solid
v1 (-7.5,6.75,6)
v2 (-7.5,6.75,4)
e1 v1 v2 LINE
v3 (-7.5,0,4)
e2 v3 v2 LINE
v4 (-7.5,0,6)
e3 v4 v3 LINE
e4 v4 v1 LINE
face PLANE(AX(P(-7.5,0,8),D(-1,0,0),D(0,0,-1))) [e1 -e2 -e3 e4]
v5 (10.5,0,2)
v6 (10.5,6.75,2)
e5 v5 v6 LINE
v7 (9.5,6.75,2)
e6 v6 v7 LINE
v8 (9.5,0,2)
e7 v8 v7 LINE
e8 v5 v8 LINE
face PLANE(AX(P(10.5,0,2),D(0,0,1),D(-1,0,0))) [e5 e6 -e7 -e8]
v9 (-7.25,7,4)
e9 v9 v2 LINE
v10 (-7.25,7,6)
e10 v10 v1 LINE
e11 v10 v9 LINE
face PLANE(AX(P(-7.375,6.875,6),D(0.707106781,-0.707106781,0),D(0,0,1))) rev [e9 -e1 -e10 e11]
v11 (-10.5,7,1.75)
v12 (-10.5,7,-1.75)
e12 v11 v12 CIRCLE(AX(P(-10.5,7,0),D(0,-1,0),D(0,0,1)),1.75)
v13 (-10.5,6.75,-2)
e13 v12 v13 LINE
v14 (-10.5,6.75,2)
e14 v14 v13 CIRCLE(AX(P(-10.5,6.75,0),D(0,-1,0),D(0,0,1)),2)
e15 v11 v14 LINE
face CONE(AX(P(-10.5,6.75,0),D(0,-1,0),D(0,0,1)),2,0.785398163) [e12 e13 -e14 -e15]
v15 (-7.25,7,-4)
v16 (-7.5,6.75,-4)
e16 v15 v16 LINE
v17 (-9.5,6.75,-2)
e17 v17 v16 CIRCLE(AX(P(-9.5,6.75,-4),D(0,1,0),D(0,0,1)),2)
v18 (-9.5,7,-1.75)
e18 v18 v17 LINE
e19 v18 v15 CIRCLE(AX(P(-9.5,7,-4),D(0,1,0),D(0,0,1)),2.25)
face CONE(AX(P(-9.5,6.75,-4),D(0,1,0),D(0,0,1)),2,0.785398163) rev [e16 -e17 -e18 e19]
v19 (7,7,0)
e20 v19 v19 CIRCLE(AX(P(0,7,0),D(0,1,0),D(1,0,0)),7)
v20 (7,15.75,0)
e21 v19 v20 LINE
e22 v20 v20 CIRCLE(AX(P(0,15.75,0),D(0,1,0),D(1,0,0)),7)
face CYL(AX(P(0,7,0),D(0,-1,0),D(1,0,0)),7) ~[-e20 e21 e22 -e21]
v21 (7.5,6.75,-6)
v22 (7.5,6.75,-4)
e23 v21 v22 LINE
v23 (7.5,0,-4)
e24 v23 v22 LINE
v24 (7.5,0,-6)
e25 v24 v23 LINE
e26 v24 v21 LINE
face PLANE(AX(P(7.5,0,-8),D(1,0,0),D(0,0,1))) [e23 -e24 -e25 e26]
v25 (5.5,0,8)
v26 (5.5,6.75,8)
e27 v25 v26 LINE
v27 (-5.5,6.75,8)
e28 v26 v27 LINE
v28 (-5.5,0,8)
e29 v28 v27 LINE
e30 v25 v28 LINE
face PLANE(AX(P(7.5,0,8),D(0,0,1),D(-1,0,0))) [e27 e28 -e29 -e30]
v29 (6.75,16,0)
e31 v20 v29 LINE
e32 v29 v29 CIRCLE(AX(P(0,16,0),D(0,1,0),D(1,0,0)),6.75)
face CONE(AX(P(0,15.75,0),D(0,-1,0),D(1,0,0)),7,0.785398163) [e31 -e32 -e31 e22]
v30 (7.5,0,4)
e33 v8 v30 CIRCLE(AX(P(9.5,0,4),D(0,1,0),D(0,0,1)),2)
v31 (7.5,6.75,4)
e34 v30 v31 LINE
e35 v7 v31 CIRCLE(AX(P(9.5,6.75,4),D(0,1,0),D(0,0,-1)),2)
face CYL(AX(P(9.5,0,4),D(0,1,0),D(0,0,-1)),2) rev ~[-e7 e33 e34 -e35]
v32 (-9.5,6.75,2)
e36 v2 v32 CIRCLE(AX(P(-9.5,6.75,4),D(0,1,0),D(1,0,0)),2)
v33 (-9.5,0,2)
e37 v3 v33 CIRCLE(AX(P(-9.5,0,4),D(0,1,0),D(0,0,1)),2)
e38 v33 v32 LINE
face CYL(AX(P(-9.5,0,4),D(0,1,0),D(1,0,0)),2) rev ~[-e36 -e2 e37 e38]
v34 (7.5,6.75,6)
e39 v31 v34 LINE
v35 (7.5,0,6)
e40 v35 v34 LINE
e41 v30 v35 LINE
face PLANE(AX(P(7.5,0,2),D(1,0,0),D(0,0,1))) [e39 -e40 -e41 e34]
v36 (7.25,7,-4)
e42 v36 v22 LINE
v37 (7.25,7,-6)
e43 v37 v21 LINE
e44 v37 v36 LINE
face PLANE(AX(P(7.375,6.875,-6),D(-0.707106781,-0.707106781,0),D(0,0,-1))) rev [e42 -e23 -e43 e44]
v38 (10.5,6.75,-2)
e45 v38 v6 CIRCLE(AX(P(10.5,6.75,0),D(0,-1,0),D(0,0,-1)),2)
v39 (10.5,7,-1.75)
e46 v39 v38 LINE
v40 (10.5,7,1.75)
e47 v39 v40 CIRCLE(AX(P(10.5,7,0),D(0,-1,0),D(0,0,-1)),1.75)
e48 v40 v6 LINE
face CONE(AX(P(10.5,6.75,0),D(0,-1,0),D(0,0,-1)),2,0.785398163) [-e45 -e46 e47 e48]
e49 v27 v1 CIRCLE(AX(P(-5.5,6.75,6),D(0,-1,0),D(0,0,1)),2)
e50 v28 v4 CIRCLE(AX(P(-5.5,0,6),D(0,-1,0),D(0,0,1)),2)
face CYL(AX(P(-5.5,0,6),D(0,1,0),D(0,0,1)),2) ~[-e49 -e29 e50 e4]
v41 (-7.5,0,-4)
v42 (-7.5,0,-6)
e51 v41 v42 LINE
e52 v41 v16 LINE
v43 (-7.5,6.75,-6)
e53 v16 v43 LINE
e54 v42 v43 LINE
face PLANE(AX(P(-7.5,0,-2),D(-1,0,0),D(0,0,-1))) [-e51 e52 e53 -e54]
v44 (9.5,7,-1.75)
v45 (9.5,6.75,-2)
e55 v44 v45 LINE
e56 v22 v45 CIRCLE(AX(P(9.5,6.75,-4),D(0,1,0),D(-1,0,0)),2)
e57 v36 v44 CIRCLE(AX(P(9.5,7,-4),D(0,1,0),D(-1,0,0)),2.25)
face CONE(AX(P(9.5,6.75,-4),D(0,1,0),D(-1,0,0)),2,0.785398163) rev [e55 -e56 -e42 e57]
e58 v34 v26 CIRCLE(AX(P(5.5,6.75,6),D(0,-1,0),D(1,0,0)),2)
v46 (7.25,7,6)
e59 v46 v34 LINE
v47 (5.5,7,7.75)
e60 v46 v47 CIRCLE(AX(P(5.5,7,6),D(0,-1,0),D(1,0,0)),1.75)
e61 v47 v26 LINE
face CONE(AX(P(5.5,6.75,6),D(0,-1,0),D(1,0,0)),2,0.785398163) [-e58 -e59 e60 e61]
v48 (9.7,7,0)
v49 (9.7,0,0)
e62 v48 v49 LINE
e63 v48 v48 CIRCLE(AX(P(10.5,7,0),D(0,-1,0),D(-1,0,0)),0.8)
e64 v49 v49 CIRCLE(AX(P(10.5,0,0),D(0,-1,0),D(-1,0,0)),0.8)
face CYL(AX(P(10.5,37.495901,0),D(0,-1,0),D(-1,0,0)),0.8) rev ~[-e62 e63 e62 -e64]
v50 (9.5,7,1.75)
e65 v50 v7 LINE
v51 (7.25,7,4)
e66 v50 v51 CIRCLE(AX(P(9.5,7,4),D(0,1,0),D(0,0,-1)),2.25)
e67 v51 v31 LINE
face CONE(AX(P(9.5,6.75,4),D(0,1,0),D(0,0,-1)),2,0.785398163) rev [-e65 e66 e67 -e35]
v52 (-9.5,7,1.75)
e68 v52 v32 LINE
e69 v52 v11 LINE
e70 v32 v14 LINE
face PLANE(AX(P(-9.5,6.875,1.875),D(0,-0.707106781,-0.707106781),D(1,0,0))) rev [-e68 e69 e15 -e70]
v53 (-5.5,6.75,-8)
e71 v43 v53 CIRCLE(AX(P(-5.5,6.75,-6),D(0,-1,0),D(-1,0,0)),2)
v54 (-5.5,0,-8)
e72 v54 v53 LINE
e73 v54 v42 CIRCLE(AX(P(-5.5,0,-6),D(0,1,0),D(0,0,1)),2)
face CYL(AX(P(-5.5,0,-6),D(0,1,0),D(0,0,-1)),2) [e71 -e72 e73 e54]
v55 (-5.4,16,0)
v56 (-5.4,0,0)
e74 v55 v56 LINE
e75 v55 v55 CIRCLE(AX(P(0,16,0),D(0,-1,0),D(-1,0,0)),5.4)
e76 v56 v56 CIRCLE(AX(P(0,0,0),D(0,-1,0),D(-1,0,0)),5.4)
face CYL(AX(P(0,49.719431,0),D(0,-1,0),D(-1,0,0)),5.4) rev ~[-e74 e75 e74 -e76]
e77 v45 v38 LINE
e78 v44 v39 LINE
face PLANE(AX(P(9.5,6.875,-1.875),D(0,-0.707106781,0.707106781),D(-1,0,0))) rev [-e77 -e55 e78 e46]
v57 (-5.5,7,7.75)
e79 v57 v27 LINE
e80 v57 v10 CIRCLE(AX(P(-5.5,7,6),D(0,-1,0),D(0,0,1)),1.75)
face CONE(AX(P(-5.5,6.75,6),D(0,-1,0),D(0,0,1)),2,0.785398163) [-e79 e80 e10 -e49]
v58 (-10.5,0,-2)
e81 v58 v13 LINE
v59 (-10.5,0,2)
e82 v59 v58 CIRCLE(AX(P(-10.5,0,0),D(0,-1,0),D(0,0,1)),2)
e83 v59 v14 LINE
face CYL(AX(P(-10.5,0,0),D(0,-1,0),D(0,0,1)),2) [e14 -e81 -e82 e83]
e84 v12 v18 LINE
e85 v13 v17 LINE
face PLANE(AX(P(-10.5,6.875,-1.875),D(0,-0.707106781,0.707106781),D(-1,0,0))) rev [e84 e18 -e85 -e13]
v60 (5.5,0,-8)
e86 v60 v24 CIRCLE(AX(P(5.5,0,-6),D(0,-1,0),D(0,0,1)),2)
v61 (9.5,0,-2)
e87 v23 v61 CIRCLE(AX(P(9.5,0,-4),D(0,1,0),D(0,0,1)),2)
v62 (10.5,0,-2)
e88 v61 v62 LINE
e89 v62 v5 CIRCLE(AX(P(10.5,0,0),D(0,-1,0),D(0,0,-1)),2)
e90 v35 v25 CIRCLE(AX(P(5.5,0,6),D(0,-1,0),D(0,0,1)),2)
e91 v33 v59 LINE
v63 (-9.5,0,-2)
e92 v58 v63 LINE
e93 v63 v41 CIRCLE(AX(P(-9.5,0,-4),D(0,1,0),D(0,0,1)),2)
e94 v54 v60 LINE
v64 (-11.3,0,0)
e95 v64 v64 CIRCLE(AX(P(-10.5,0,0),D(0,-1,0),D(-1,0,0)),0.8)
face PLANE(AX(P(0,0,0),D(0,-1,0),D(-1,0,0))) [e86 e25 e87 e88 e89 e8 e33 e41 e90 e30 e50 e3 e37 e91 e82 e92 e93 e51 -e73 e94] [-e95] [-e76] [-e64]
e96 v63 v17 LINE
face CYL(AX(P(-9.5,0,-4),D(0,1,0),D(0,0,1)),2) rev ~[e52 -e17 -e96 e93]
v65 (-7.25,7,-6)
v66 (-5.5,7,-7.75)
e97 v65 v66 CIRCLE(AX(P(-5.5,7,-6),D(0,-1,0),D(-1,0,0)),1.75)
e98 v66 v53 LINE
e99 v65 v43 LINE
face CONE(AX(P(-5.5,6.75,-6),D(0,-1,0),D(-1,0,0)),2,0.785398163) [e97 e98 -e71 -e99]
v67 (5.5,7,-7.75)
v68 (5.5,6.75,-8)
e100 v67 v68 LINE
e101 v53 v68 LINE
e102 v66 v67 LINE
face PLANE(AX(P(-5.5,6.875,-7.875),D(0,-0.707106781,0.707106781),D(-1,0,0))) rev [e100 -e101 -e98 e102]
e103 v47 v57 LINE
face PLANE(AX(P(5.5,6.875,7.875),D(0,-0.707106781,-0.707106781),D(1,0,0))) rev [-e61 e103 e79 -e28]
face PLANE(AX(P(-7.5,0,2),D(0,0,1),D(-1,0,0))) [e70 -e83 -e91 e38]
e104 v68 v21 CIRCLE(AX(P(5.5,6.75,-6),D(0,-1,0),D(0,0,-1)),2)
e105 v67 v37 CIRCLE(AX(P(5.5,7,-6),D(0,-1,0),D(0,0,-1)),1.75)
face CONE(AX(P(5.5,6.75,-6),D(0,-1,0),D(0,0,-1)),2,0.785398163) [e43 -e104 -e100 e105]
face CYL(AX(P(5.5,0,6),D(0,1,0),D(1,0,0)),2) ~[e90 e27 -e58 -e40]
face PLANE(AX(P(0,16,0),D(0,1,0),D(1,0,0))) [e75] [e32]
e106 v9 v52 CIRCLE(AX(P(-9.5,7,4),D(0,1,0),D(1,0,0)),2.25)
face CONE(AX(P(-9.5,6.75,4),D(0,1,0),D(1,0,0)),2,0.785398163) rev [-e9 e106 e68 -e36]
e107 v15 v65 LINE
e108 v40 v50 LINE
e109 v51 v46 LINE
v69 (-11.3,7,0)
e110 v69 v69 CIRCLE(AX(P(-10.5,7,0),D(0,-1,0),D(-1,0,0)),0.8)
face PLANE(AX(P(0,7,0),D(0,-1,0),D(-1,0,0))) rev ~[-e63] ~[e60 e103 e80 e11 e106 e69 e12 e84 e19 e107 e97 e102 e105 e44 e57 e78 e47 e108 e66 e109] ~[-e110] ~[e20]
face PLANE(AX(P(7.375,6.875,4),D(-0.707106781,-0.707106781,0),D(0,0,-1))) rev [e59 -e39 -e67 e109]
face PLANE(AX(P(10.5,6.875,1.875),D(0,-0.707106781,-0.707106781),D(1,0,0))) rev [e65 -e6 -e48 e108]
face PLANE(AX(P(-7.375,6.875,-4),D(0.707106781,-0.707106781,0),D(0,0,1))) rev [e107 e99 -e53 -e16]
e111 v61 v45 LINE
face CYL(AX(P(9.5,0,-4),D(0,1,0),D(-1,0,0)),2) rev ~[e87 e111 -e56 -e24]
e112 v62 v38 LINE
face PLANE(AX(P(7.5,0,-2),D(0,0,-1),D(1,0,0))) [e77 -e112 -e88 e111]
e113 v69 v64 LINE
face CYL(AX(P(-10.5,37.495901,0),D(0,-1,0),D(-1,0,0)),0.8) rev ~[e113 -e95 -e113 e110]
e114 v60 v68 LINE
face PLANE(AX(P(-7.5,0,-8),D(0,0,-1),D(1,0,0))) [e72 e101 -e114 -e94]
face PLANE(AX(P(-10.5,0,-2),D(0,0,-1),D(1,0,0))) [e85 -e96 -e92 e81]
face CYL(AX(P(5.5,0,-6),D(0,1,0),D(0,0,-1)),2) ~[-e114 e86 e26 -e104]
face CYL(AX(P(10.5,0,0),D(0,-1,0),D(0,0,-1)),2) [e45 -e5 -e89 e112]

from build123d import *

# Parameters (mm, degrees)
BOSS_EXTRUDE1_DEPTH     = 7
FILLET1_R               = 2
M2X0_4_TAPPED_HOLE1_D   = 1.6
CHAMFER1_SIZE           = 0.25
SKETCH4_R               = 7
BOSS_EXTRUDE2_DEPTH     = 9
CHAMFER2_SIZE           = 0.25
M12X1_25_TAPPED_HOLE1_D = 10.8


with BuildPart() as part:
    # Sketch1 → Boss-Extrude1 (new body)
    with BuildSketch(Plane(origin=(0, 0, 0), x_dir=(1, 0, 0), z_dir=(0, 1, 0))):
        with BuildLine():
            Line((-7.5, 8), (7.5, 8))
            Line((7.5, 8), (7.5, 2))
            Line((7.5, 2), (10.5, 2))
            ThreePointArc((10.5, 2), (12.5, 0), (10.5, -2))
            Line((10.5, -2), (7.5, -2))
            Line((7.5, -2), (7.5, -8))
            Line((7.5, -8), (-7.5, -8))
            Line((-7.5, -8), (-7.5, -2))
            Line((-7.5, -2), (-10.5, -2))
            ThreePointArc((-10.5, -2), (-12.5, 0), (-10.5, 2))
            Line((-10.5, 2), (-7.5, 2))
            Line((-7.5, 2), (-7.5, 8))
        make_face()
    extrude(amount=BOSS_EXTRUDE1_DEPTH)

    # Fillet1
    fillet1_edges = [part.edges().sort_by_distance(p)[0] for p in [
        (7.5, 3.5, 8),
        (-7.5, 3.5, 8),
        (-7.5, 3.5, 2),
        (-7.5, 3.5, -2),
        (-7.5, 3.5, -8),
        (7.5, 3.5, -8),
        (7.5, 3.5, -2),
        (7.5, 3.5, 2),
    ]]
    fillet(fillet1_edges, radius=FILLET1_R)

    # M2x0.4 Tapped Hole1 (through all)
    with Locations(Plane(origin=(0, 7, 0), x_dir=(1, 0, 0), z_dir=(0, 1, 0))):
        with Locations((10.5, 0), (-10.5, 0)):
            Hole(M2X0_4_TAPPED_HOLE1_D / 2)

    # Chamfer1
    chamfer1_edges = [part.edges().sort_by_distance(p)[0] for p in [
        (12.5, 7, 0),
        (10, 7, -2),
        (-12.5, 7, 0),
        (-10, 7, 2),
        (7.5, 7, -5),
        (0, 7, -8),
        (7.5, 7, 5),
        (10, 7, 2),
        (-7.5, 7, -5),
        (-10, 7, -2),
        (-7.5, 7, 5),
        (0, 7, 8),
        (6.914213562, 7, 7.414213562),
        (-6.914213562, 7, 7.414213562),
        (-6.914213562, 7, -7.414213562),
        (6.914213562, 7, -7.414213562),
        (8.085786438, 7, -2.585786438),
        (-8.085786438, 7, -2.585786438),
        (-8.085786438, 7, 2.585786438),
        (8.085786438, 7, 2.585786438),
    ]]
    chamfer(chamfer1_edges, length=CHAMFER1_SIZE)

    # Sketch4 → Boss-Extrude2 (add)
    with BuildSketch(Plane(origin=(0, 7, 0), x_dir=(1, 0, 0), z_dir=(0, 1, 0))):
        Circle(SKETCH4_R)
    extrude(amount=BOSS_EXTRUDE2_DEPTH)

    # Chamfer2
    chamfer2_edges = [part.edges().sort_by_distance(p)[0] for p in [
        (-7, 16, 0),
    ]]
    chamfer(chamfer2_edges, length=CHAMFER2_SIZE)

    # M12x1.25 Tapped Hole1 (through all)
    with Locations(Plane(origin=(0, 16, 0), x_dir=(1, 0, 0), z_dir=(0, 1, 0))):
        with Locations((0, 0)):
            Hole(M12X1_25_TAPPED_HOLE1_D / 2)


solid = part.part
